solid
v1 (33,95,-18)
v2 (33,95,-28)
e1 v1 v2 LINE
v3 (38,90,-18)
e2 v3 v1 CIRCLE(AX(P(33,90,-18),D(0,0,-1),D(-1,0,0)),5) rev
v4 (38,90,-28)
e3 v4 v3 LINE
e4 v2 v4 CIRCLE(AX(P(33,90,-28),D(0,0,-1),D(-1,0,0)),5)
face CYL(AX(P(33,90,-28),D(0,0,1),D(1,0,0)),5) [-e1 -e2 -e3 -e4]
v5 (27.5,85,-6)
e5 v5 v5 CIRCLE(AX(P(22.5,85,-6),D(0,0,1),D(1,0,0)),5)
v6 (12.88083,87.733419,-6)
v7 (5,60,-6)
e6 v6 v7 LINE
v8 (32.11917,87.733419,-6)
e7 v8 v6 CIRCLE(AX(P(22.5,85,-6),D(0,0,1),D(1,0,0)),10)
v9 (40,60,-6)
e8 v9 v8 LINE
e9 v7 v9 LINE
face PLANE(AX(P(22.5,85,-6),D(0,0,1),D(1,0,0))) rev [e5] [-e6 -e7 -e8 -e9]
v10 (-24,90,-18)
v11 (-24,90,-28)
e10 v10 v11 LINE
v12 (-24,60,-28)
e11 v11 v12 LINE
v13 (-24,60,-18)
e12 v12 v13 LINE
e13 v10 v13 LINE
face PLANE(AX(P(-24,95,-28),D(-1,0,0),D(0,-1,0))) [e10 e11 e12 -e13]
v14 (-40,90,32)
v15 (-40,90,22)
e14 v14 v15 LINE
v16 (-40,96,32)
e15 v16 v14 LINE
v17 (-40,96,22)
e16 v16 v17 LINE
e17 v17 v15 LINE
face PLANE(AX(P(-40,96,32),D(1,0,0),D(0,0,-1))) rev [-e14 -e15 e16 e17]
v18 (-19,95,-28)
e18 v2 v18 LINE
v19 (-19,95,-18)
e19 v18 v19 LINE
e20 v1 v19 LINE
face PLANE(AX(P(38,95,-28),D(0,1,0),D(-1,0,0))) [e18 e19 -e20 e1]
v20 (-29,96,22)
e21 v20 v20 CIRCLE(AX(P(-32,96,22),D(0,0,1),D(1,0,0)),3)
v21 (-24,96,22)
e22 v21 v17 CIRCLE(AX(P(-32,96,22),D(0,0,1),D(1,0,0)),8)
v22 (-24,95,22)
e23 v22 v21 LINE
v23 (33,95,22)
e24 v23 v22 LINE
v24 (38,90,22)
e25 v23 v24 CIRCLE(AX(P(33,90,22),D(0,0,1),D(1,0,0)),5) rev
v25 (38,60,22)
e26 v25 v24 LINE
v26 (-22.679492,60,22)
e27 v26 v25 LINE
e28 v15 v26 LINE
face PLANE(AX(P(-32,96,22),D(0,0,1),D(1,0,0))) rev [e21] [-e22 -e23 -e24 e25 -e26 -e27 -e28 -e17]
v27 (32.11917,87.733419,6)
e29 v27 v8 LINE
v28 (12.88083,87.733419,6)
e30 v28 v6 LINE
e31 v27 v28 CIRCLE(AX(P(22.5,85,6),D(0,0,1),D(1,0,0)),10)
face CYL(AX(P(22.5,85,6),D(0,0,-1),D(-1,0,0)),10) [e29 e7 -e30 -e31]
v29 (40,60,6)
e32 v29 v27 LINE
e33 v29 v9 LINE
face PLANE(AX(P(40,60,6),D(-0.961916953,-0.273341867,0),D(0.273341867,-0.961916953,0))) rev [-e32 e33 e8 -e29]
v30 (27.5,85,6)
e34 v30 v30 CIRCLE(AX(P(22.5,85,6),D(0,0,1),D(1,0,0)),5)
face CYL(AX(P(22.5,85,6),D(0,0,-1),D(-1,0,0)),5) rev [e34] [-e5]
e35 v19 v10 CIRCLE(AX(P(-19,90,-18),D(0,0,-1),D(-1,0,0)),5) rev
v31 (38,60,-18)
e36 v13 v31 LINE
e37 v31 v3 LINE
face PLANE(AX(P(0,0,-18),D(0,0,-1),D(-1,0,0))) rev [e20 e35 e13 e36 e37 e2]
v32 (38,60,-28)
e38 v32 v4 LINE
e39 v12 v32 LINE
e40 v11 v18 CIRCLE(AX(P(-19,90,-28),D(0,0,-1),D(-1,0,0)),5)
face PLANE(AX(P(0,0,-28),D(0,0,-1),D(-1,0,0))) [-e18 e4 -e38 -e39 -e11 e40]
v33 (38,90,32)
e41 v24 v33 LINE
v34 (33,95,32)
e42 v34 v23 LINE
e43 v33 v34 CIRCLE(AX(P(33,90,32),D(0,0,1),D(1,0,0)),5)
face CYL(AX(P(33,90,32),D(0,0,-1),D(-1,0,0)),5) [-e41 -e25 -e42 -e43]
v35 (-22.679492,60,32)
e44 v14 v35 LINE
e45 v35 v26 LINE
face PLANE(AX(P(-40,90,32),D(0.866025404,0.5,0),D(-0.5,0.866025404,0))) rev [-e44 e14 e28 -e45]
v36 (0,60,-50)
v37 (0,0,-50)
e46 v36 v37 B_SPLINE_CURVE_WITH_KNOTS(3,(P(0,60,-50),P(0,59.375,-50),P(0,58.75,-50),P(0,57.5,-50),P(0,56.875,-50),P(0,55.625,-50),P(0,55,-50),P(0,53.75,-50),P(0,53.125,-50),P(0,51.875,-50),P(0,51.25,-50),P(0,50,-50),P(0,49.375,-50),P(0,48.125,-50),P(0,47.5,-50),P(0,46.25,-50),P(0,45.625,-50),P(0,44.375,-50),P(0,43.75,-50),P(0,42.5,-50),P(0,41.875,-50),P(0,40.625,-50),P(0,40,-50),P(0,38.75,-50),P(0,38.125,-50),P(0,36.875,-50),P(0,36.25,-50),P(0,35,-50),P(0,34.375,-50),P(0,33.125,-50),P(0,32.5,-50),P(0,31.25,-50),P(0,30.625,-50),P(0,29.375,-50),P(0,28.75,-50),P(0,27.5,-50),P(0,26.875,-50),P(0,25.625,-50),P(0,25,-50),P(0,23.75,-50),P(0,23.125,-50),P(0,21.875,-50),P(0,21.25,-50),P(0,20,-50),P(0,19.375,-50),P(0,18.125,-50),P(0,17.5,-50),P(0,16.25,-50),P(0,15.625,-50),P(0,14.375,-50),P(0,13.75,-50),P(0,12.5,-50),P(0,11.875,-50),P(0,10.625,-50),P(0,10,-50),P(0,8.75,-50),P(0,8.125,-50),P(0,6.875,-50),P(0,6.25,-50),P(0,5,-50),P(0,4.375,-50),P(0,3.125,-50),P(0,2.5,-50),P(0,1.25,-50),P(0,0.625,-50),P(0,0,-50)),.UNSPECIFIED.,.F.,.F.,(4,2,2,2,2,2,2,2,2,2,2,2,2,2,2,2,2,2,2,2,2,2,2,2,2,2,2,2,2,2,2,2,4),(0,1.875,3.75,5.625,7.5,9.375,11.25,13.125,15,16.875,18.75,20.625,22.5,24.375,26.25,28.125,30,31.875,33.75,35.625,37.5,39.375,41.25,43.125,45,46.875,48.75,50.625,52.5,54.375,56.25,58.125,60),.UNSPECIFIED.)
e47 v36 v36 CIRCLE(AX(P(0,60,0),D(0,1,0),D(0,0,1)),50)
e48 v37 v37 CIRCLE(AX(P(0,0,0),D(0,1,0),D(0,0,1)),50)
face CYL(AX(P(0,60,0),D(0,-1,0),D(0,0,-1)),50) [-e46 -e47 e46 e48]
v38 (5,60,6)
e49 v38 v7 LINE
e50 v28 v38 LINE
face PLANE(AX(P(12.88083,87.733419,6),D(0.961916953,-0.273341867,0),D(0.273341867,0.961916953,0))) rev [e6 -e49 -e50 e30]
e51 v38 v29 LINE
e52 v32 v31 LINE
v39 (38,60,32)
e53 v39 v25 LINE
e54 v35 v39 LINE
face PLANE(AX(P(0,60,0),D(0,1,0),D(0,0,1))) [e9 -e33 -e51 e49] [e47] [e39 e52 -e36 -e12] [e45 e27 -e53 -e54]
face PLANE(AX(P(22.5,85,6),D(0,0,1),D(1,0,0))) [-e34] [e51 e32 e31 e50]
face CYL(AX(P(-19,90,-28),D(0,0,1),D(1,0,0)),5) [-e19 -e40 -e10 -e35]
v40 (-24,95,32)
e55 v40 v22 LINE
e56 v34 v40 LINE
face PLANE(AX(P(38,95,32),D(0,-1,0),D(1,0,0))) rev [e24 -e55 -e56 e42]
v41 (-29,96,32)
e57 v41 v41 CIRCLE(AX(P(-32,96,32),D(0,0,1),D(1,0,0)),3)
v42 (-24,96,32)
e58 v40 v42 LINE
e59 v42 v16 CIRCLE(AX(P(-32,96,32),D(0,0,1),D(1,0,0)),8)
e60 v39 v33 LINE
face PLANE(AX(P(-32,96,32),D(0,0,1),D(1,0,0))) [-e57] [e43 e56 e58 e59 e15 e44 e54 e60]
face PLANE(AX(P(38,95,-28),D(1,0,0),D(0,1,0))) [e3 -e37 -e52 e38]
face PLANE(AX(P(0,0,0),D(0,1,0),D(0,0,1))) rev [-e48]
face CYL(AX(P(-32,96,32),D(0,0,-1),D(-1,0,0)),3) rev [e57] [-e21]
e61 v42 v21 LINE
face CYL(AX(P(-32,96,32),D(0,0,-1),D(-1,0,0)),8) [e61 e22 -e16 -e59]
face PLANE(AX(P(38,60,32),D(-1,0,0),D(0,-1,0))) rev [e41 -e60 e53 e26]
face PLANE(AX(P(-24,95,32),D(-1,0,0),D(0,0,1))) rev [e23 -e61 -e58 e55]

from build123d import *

# Parameters (mm, degrees)
SKETCH_1_R      = 50
EXTRUDE_1_DEPTH = 60
EXTRUDE_START   = 22
SKETCH_2_R      = 3
EXTRUDE_2_DEPTH = 10
EXTRUDE_START_2 = -18
SKETCH_3_W      = 62
SKETCH_3_H      = 35
EXTRUDE_3_DEPTH = 10
FILLET_1_R      = 5
SKETCH_4_R      = 5
EXTRUDE_4_DEPTH = 6


with BuildPart() as part:
    # 草图1 → 凸台-拉伸1 (new body)
    with BuildSketch(Plane(origin=(0, 0, 0), x_dir=(1, 0, 0), z_dir=(0, 1, 0))):
        with Locations(Location((0, 0, 0), (0, 0, 90))):
            Circle(SKETCH_1_R)
    extrude(amount=EXTRUDE_1_DEPTH)

    # 草图2 → 凸台-拉伸2 (add)
    with BuildSketch(Plane.XY.offset(EXTRUDE_START)):
        with BuildLine():
            Line((38, 60), (38, 95))
            Line((38, 95), (-24, 95))
            Line((-24, 95), (-24, 96))
            ThreePointArc((-24, 96), (-32, 104), (-40, 96))
            Line((-40, 96), (-40, 90))
            Line((-40, 90), (-22.679491924, 60))
            Line((-22.679491924, 60), (38, 60))
        make_face()
        with Locations((-32, 96)):
            Circle(SKETCH_2_R, mode=Mode.SUBTRACT)
    extrude(amount=EXTRUDE_2_DEPTH)

    # 草图3 → 凸台-拉伸3 (add)
    with BuildSketch(Plane.XY.offset(EXTRUDE_START_2)):
        with Locations((7, 77.5)):
            Rectangle(SKETCH_3_W, SKETCH_3_H)
    extrude(amount=-EXTRUDE_3_DEPTH)

    # 圆角1
    fillet_1_edges = [part.edges().sort_by_distance(p)[0] for p in [
        (38, 95, 27),
        (38, 95, -23),
        (-24, 95, -23),
    ]]
    fillet(fillet_1_edges, radius=FILLET_1_R)

    # 草图4 → 凸台-拉伸4 (add, symmetric)
    with BuildSketch(Plane.XY):
        with BuildLine():
            Line((12.880830473, 87.733418669), (5, 60))
            Line((5, 60), (40, 60))
            Line((40, 60), (32.119169527, 87.733418669))
            ThreePointArc((32.119169527, 87.733418669), (22.5, 95), (12.880830473, 87.733418669))
        make_face()
        with Locations((22.5, 85)):
            Circle(SKETCH_4_R, mode=Mode.SUBTRACT)
    extrude(amount=EXTRUDE_4_DEPTH, both=True)


solid = part.part
